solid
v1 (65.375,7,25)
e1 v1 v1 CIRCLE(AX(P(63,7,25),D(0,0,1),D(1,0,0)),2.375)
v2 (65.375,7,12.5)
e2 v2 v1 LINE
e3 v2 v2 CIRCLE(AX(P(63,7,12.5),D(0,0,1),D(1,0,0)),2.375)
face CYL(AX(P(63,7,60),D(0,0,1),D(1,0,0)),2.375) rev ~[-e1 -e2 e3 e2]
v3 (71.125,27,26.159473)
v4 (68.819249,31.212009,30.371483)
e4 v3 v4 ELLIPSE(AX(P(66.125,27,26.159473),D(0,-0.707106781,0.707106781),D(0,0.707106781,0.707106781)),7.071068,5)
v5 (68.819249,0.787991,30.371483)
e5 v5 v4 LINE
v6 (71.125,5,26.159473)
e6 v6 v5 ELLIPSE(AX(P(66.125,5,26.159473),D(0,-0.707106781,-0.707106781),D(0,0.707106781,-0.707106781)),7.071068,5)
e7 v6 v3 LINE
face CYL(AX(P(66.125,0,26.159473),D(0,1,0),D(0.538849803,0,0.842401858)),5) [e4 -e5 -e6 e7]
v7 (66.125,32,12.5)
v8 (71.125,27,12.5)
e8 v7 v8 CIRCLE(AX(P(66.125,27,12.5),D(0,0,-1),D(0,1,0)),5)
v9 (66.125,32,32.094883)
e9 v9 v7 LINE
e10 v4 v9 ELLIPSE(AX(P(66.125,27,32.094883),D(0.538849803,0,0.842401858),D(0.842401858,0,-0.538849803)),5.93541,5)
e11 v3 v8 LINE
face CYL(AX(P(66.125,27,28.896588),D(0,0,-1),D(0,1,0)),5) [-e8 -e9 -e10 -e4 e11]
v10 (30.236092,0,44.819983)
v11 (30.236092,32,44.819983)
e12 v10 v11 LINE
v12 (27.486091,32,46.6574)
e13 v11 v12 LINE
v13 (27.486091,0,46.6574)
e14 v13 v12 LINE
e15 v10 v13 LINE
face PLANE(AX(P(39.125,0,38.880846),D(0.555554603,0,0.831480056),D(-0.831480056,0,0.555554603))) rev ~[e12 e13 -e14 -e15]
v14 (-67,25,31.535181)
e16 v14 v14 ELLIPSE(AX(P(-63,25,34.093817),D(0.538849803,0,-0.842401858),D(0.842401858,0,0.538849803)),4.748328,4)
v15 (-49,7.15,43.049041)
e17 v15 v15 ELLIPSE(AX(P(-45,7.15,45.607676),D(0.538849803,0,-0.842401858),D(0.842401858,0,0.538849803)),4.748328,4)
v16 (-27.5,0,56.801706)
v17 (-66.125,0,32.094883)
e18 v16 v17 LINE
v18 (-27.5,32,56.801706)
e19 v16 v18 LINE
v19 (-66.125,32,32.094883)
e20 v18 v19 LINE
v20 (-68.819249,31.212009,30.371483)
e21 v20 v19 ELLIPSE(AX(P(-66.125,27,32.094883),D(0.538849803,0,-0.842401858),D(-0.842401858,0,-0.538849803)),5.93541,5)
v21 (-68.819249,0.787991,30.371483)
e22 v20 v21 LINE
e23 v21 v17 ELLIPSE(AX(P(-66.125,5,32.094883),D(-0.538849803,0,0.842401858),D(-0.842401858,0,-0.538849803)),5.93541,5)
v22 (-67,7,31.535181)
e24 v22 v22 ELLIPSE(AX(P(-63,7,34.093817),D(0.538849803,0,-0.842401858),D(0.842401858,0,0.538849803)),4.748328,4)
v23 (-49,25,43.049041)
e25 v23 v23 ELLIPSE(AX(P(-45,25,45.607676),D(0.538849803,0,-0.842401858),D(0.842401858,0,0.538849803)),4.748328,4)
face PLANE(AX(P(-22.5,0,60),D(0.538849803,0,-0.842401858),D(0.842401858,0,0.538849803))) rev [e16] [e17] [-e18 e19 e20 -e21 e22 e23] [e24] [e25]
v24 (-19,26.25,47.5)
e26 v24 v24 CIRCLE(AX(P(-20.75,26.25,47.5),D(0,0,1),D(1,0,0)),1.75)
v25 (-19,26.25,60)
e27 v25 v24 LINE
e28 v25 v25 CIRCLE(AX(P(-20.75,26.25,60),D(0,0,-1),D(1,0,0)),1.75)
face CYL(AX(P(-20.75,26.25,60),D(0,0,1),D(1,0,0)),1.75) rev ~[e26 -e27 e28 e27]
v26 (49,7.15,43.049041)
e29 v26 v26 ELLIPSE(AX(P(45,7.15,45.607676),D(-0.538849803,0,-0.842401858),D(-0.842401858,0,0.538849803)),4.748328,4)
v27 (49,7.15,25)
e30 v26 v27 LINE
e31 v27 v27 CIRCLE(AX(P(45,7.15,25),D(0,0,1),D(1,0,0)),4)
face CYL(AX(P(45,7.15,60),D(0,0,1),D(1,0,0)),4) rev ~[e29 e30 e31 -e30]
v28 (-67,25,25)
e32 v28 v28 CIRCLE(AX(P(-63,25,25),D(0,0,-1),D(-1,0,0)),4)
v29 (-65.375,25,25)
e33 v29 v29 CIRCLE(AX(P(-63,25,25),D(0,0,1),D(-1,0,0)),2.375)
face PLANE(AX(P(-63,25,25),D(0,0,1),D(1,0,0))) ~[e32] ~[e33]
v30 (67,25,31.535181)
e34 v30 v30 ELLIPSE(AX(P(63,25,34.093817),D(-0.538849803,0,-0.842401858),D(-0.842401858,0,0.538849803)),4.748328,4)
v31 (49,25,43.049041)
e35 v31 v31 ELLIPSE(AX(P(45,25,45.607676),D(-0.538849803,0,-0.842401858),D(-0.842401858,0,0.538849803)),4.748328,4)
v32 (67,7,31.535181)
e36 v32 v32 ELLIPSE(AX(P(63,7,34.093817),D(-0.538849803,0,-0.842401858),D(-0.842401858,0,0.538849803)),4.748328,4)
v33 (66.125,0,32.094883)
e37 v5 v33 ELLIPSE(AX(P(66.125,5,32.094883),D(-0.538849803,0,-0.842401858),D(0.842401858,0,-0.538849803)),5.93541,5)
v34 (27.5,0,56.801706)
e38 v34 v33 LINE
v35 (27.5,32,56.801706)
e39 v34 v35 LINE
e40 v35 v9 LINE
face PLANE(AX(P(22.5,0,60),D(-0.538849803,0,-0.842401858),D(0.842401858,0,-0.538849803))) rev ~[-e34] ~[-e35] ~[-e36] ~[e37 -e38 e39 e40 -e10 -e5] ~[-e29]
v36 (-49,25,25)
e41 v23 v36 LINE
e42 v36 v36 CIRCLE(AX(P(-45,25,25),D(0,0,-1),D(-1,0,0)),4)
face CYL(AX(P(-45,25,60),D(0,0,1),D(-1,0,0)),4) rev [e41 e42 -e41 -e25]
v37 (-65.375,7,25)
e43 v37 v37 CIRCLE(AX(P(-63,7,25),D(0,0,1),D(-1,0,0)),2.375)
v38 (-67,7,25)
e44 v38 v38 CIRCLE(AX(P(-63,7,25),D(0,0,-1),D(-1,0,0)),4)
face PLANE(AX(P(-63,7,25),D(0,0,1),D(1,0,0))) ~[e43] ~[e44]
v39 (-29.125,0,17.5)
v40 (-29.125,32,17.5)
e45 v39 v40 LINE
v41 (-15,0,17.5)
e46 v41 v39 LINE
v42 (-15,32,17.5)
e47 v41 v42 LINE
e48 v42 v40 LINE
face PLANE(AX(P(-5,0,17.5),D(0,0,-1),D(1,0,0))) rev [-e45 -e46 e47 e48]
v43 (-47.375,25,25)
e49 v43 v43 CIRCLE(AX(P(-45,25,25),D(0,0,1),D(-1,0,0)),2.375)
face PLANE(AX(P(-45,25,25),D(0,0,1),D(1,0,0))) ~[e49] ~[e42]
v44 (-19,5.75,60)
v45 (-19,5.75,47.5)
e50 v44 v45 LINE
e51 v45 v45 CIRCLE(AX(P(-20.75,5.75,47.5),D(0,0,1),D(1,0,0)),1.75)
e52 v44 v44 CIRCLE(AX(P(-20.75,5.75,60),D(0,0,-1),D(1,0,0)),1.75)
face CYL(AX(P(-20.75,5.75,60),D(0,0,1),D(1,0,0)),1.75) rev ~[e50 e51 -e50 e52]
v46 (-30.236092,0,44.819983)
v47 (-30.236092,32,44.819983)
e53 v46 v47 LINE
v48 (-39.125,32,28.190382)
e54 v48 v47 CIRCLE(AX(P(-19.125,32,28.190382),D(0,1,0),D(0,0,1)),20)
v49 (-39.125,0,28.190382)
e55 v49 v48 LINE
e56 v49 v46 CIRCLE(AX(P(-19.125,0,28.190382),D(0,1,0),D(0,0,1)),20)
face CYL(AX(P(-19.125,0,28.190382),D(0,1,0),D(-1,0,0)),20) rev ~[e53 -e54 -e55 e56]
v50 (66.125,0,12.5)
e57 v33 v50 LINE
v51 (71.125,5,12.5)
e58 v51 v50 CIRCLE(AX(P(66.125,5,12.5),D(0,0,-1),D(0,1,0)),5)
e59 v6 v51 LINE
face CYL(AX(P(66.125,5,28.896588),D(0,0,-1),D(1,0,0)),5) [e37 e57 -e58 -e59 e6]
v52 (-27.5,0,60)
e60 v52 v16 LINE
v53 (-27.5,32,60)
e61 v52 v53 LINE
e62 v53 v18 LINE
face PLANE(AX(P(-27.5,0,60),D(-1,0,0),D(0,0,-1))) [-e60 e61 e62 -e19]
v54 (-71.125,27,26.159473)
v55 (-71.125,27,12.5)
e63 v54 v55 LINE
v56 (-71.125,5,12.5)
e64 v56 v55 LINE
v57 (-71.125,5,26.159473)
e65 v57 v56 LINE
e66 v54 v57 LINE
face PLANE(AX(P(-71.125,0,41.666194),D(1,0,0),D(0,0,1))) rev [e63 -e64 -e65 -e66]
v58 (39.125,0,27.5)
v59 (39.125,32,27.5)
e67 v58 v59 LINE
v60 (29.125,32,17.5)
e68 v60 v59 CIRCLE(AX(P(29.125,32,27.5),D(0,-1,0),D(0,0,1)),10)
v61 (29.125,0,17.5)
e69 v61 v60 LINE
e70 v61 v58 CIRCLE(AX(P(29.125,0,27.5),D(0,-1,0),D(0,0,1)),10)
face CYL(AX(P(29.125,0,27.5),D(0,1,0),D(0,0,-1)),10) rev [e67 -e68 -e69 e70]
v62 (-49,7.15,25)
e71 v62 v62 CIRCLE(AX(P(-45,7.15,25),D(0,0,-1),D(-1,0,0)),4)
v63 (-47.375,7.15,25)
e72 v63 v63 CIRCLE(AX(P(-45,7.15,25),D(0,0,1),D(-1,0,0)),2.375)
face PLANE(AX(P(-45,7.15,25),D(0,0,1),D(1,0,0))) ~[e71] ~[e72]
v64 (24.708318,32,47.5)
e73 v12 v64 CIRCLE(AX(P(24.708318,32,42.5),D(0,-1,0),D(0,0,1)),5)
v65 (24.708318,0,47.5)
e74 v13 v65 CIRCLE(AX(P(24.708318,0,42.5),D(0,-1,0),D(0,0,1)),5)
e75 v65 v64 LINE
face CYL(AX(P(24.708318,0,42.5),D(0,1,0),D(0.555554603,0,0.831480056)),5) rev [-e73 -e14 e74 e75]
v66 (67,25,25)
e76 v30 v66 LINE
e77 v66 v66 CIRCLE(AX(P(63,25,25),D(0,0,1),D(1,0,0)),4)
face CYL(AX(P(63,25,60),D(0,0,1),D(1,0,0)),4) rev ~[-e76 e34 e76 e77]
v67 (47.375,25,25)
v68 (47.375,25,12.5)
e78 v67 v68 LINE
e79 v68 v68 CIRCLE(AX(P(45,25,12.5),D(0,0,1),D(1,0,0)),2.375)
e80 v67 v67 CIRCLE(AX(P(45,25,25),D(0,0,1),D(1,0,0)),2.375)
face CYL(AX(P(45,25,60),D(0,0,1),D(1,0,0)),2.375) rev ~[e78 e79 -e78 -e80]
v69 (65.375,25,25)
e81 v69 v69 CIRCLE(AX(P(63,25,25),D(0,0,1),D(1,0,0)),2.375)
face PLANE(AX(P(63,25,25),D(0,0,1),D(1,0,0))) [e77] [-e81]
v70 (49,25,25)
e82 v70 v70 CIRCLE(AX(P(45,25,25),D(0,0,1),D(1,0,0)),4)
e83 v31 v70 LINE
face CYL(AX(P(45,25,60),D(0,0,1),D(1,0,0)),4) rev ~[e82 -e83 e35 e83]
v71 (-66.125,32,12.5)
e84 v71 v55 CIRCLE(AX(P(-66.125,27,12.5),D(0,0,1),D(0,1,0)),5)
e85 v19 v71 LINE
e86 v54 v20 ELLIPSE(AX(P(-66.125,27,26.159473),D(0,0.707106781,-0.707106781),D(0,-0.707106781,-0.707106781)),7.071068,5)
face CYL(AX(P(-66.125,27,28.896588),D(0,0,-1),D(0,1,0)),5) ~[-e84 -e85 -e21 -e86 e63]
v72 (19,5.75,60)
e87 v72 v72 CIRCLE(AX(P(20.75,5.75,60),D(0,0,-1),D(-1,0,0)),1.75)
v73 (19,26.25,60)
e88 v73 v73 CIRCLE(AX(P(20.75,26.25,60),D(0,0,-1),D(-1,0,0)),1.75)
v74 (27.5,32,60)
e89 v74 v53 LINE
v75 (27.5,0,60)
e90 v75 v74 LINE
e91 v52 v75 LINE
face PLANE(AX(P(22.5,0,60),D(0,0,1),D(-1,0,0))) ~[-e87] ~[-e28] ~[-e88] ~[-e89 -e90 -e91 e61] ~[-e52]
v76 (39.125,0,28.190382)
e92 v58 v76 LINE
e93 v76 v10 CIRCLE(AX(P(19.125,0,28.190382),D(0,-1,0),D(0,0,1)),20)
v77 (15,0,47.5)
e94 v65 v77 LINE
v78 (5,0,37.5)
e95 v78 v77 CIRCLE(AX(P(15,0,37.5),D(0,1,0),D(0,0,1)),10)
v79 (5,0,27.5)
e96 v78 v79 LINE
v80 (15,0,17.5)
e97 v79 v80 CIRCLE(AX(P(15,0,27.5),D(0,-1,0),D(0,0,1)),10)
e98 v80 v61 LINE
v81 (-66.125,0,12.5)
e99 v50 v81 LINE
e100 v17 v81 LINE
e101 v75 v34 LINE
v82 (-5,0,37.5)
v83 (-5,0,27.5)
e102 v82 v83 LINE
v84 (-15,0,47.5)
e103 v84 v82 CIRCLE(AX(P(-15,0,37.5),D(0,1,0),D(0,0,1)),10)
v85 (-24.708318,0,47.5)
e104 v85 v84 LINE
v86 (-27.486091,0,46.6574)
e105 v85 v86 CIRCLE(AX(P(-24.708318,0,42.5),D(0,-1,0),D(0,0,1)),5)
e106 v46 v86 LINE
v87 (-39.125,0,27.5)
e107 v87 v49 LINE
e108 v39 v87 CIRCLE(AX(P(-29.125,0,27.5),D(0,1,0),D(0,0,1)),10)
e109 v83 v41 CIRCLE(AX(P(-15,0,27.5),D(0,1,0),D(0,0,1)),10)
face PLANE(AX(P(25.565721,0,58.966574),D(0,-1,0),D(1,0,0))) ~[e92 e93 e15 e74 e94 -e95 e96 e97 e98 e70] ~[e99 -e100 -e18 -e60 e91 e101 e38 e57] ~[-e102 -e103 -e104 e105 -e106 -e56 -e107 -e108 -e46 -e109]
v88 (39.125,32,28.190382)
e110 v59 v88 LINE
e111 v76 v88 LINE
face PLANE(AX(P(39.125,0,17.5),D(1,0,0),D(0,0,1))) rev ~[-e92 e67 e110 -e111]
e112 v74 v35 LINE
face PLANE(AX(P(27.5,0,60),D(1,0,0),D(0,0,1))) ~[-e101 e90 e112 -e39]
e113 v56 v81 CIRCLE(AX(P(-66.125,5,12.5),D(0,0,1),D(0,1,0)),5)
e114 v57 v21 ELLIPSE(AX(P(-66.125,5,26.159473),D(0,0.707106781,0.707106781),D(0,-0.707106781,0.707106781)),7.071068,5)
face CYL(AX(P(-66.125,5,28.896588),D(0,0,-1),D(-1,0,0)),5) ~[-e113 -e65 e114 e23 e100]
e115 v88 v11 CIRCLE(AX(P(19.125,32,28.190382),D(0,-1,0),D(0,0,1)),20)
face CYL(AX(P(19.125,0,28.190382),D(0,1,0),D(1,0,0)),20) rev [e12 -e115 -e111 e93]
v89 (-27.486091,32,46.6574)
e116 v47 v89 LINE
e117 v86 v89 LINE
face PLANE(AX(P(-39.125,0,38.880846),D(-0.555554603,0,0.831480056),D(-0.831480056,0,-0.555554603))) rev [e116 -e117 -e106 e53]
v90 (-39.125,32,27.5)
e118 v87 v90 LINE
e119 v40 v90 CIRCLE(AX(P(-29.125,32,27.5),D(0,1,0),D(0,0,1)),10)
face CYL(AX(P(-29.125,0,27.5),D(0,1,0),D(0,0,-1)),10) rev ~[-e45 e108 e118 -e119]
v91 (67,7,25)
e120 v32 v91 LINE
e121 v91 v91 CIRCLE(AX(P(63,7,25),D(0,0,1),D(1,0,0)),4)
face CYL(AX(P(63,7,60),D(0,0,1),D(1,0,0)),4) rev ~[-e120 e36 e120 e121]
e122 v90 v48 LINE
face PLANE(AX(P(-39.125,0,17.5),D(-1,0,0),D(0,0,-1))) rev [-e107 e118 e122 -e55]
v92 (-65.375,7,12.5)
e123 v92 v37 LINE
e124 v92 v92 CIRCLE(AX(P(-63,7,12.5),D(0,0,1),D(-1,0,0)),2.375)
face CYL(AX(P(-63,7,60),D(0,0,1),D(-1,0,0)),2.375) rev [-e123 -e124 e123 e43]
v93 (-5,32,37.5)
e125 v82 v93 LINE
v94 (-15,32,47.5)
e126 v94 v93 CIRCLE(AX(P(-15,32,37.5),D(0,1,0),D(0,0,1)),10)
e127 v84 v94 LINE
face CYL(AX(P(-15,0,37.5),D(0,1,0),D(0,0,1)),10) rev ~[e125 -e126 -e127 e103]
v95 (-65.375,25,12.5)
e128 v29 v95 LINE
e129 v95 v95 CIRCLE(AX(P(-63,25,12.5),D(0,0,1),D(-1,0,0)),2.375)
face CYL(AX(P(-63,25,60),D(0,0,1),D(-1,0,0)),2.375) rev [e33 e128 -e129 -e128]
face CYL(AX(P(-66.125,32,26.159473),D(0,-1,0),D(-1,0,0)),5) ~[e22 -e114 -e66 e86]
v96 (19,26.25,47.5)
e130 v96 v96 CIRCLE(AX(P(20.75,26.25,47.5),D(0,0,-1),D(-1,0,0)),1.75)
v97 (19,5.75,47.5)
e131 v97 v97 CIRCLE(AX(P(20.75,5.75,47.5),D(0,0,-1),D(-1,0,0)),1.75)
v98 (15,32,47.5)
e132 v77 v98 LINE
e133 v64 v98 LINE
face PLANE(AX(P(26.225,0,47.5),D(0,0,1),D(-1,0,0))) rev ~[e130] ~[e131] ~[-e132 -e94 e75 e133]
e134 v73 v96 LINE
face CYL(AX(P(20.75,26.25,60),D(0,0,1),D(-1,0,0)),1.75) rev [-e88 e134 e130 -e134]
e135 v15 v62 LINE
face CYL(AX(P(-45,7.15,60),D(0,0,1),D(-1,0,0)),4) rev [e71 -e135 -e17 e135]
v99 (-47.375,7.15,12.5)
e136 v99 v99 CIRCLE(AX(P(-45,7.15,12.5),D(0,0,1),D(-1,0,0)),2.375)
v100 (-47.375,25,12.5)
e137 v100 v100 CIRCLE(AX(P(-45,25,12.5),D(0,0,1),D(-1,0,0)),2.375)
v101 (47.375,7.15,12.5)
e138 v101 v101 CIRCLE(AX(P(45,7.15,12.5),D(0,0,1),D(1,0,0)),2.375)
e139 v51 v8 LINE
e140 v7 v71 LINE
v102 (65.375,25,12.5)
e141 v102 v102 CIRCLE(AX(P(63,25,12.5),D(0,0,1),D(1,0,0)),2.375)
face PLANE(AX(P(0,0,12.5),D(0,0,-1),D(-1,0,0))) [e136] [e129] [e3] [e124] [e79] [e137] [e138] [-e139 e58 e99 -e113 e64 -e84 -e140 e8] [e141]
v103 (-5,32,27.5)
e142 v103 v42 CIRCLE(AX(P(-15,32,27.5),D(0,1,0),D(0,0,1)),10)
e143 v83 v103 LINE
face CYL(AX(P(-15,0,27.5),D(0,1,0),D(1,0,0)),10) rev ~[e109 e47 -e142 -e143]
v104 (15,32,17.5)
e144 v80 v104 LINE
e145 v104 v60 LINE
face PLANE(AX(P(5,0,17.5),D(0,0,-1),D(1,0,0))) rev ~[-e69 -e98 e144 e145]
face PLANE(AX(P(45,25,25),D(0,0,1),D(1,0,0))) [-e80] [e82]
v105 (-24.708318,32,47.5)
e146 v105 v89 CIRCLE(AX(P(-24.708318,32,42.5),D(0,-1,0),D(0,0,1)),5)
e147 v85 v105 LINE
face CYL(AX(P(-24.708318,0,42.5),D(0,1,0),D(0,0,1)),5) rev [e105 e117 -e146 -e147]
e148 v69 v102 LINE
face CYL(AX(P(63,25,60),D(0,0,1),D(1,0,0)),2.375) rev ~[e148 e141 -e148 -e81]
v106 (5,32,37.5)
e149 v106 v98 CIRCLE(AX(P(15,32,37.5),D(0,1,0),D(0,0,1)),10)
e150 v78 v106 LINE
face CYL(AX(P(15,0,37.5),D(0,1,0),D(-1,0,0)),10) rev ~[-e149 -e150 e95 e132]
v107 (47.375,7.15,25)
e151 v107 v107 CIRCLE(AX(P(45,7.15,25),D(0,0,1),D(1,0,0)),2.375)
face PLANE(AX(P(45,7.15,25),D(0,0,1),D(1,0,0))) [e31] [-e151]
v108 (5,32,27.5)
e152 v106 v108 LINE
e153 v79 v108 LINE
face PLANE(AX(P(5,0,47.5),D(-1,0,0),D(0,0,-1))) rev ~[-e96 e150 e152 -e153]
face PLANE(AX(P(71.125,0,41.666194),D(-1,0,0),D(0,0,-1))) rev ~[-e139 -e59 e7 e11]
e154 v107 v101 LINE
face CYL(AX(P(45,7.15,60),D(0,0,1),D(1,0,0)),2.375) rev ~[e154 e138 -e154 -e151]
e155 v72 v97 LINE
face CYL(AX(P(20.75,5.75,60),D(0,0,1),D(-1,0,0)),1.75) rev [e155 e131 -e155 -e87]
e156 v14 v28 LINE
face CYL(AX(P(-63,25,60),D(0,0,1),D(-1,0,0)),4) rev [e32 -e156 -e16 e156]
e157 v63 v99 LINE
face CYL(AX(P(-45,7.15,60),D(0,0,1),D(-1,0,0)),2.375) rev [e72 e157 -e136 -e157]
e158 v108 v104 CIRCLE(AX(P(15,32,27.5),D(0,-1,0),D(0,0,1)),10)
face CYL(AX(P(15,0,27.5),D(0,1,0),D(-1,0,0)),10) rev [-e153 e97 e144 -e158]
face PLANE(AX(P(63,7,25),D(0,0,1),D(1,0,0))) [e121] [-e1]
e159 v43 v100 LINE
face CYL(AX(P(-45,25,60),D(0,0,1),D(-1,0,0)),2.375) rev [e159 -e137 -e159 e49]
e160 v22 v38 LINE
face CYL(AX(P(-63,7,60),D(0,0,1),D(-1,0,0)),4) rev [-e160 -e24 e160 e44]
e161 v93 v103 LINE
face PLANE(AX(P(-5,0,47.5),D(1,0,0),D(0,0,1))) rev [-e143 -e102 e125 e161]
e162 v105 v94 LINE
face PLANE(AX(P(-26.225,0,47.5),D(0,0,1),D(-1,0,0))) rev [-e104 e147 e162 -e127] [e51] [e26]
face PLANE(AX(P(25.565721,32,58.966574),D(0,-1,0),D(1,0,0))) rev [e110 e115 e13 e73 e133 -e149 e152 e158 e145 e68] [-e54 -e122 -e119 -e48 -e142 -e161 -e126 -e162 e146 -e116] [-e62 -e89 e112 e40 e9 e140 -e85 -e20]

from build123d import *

# Parameters (mm, degrees)
BOSS_EXTRUDE1_DEPTH = 32
FILLET16_R          = 10
FILLET18_R          = 10
FILLET22_R          = 3
FILLET23_R          = 3
FILLET30_R          = 3
FILLET31_R          = 3
FILLET34_R          = 10
FILLET35_R          = 5
SKETCH10_R          = 169.610850048
CUT_EXTRUDE6_DEPTH  = 100.305164141
FILLET37_R          = 10
FILLET38_R          = 20
FILLET39_R          = 10
FILLET40_R          = 20
SKETCH12_W          = 10
SKETCH12_H          = 29.166193857
CUT_EXTRUDE8_DEPTH  = 106.854927259
SKETCH9_R           = 1.75
CUT_EXTRUDE9_DEPTH  = 12.5
FILLET41_R          = 10
FILLET42_R          = 5
SKETCH13_R          = 2.375
CUT_EXTRUDE10_DEPTH = 100.305164141
SKETCH13_3_R        = 4
CUT_EXTRUDE11_DEPTH = 35
FILLET44_R          = 5
FILLET45_R          = 5
BOSS_EXTRUDE2_DEPTH = 32


with BuildPart() as part:
    # Sketch1 → Boss-Extrude1 (new body)
    with BuildSketch(Plane(origin=(0, 0, 0), x_dir=(1, 0, 0), z_dir=(0, 1, 0))):
        with BuildLine():
            Line((22.5, -60), (81.125, -22.5))
            Line((81.125, -22.5), (81.125, 0))
            Line((81.125, 0), (75.125, 0))
            ThreePointArc((75.125, 0), (62.625, -12.5), (50.125, 0))
            Line((50.125, 0), (44.125, 0))
            Line((44.125, 0), (44.125, -12.5))
            Line((44.125, -12.5), (0, -12.5))
            Line((0, -12.5), (0, -60))
            Line((0, -60), (22.5, -60))
        make_face()
        Polygon((26.225, -47.5), (5, -47.5), (5, -17.5), (39.125, -17.5), (39.125, -38.880846325), align=None, mode=Mode.SUBTRACT)
    boss_extrude1 = extrude(amount=BOSS_EXTRUDE1_DEPTH)

    # Mirror1: Boss-Extrude1 across plane
    add(boss_extrude1.mirror(Plane(origin=(0, 32, 0), x_dir=(0, 0, 1), z_dir=(-1, 0, 0))))

    # Fillet16
    fillet16_edges = [part.edges().sort_by_distance(p)[0] for p in [
        (5, 16, 17.5),
    ]]
    fillet(fillet16_edges, radius=FILLET16_R)

    # Fillet18
    fillet18_edges = [part.edges().sort_by_distance(p)[0] for p in [
        (-5, 16, 17.5),
    ]]
    fillet(fillet18_edges, radius=FILLET18_R)

    # Fillet22
    fillet22_edges = [part.edges().sort_by_distance(p)[0] for p in [
        (44.125, 16, 12.5),
    ]]
    fillet(fillet22_edges, radius=FILLET22_R)

    # Fillet23
    fillet23_edges = [part.edges().sort_by_distance(p)[0] for p in [
        (-44.125, 16, 12.5),
    ]]
    fillet(fillet23_edges, radius=FILLET23_R)

    # Fillet30
    fillet30_edges = [part.edges().sort_by_distance(p)[0] for p in [
        (81.125, 16, 22.5),
    ]]
    fillet(fillet30_edges, radius=FILLET30_R)

    # Fillet31
    fillet31_edges = [part.edges().sort_by_distance(p)[0] for p in [
        (-81.125, 16, 22.5),
    ]]
    fillet(fillet31_edges, radius=FILLET31_R)

    # Fillet34
    fillet34_edges = [part.edges().sort_by_distance(p)[0] for p in [
        (5, 16, 47.5),
    ]]
    fillet(fillet34_edges, radius=FILLET34_R)

    # Fillet35
    fillet35_edges = [part.edges().sort_by_distance(p)[0] for p in [
        (-26.225, 16, 47.5),
    ]]
    fillet(fillet35_edges, radius=FILLET35_R)

    # Sketch10 → Cut-Extrude6 (cut, through all)
    with BuildSketch(Plane(origin=(0, 0, 12.5), x_dir=(-1, 0, 0), z_dir=(0, 0, -1))):
        Circle(SKETCH10_R)
    extrude(amount=CUT_EXTRUDE6_DEPTH, mode=Mode.SUBTRACT)

    # Fillet37
    fillet37_edges = [part.edges().sort_by_distance(p)[0] for p in [
        (39.125, 16, 17.5),
    ]]
    fillet(fillet37_edges, radius=FILLET37_R)

    # Fillet38
    fillet38_edges = [part.edges().sort_by_distance(p)[0] for p in [
        (39.125, 16, 38.880846325),
    ]]
    fillet(fillet38_edges, radius=FILLET38_R)

    # Fillet39
    fillet39_edges = [part.edges().sort_by_distance(p)[0] for p in [
        (-39.125, 16, 17.5),
    ]]
    fillet(fillet39_edges, radius=FILLET39_R)

    # Fillet40
    fillet40_edges = [part.edges().sort_by_distance(p)[0] for p in [
        (-39.125, 16, 38.880846325),
    ]]
    fillet(fillet40_edges, radius=FILLET40_R)

    # Sketch12 → Cut-Extrude8 (cut, through all)
    with BuildSketch(Plane(origin=(0, 0, 0), x_dir=(-1, 0, 0), z_dir=(0, -1, 0))):
        with Locations((-76.125, -27.083096929)):
            Rectangle(SKETCH12_W, SKETCH12_H)
    cut_extrude8 = extrude(amount=-CUT_EXTRUDE8_DEPTH, mode=Mode.SUBTRACT)

    # Sketch9 → Cut-Extrude9 (cut)
    with BuildSketch(Plane.XY.offset(60)):
        with Locations((-20.75, 5.75)):
            Circle(SKETCH9_R)
        with Locations((-20.75, 26.25)):
            Circle(SKETCH9_R)
    cut_extrude9 = extrude(amount=-CUT_EXTRUDE9_DEPTH, mode=Mode.SUBTRACT)

    # Fillet41
    fillet41_edges = [part.edges().sort_by_distance(p)[0] for p in [
        (-5, 16, 47.5),
    ]]
    fillet(fillet41_edges, radius=FILLET41_R)

    # Fillet42
    fillet42_edges = [part.edges().sort_by_distance(p)[0] for p in [
        (26.225, 16, 47.5),
    ]]
    fillet(fillet42_edges, radius=FILLET42_R)

    # Mirror5: Cut-Extrude9 across plane
    add(cut_extrude9.mirror(Plane(origin=(0, 0, 0), x_dir=(0, 0, 1), z_dir=(1, 0, 0))), mode=Mode.SUBTRACT)

    # Sketch13 → Cut-Extrude10 (cut, symmetric)
    with BuildSketch(Plane.XY.offset(60)):
        with Locations((45, 7.15)):
            Circle(SKETCH13_R)
        with Locations((45, 25)):
            Circle(SKETCH13_R)
        with Locations((63, 25)):
            Circle(SKETCH13_R)
        with Locations((63, 7)):
            Circle(SKETCH13_R)
    cut_extrude10 = extrude(amount=CUT_EXTRUDE10_DEPTH, both=True, mode=Mode.SUBTRACT)

    # Sketch13<3> → Cut-Extrude11 (cut)
    with BuildSketch(Plane.XY.offset(60)):
        with Locations((45, 7.15)):
            Circle(SKETCH13_3_R)
        with Locations((45, 25)):
            Circle(SKETCH13_3_R)
        with Locations((63, 25)):
            Circle(SKETCH13_3_R)
        with Locations((63, 7)):
            Circle(SKETCH13_3_R)
    cut_extrude11 = extrude(amount=-CUT_EXTRUDE11_DEPTH, mode=Mode.SUBTRACT)

    # Mirror6: Cut-Extrude10, Cut-Extrude11 across plane
    add(cut_extrude10.mirror(Plane(origin=(0, 0, 0), x_dir=(0, 0, 1), z_dir=(1, 0, 0))), mode=Mode.SUBTRACT)
    add(cut_extrude11.mirror(Plane(origin=(0, 0, 0), x_dir=(0, 0, 1), z_dir=(1, 0, 0))), mode=Mode.SUBTRACT)

    # Fillet44
    fillet44_edges = [part.edges().sort_by_distance(p)[0] for p in [
        (71.125, 16, 28.896588486),
        (71.125, 32, 20.698294243),
        (71.125, 0, 20.698294243),
    ]]
    fillet(fillet44_edges, radius=FILLET44_R)

    # Mirror7: Cut-Extrude8 across plane
    add(cut_extrude8.mirror(Plane(origin=(0, 0, 0), x_dir=(0, 0, 1), z_dir=(1, 0, 0))), mode=Mode.SUBTRACT)

    # Fillet45
    fillet45_edges = [part.edges().sort_by_distance(p)[0] for p in [
        (-71.125, 16, 28.896588486),
        (-71.125, 32, 20.698294243),
        (-71.125, 0, 20.698294243),
    ]]
    fillet(fillet45_edges, radius=FILLET45_R)

    # Sketch14 → Boss-Extrude2 (add)
    with BuildSketch(Plane.XZ):
        Polygon((-27.5, 56.801705757), (-22.5, 60), (-27.5, 60), align=None)
    boss_extrude2 = extrude(amount=-BOSS_EXTRUDE2_DEPTH)

    # Mirror8: Boss-Extrude2 across plane
    add(boss_extrude2.mirror(Plane(origin=(0, 0, 0), x_dir=(0, 0, 1), z_dir=(1, 0, 0))))


solid = part.part
